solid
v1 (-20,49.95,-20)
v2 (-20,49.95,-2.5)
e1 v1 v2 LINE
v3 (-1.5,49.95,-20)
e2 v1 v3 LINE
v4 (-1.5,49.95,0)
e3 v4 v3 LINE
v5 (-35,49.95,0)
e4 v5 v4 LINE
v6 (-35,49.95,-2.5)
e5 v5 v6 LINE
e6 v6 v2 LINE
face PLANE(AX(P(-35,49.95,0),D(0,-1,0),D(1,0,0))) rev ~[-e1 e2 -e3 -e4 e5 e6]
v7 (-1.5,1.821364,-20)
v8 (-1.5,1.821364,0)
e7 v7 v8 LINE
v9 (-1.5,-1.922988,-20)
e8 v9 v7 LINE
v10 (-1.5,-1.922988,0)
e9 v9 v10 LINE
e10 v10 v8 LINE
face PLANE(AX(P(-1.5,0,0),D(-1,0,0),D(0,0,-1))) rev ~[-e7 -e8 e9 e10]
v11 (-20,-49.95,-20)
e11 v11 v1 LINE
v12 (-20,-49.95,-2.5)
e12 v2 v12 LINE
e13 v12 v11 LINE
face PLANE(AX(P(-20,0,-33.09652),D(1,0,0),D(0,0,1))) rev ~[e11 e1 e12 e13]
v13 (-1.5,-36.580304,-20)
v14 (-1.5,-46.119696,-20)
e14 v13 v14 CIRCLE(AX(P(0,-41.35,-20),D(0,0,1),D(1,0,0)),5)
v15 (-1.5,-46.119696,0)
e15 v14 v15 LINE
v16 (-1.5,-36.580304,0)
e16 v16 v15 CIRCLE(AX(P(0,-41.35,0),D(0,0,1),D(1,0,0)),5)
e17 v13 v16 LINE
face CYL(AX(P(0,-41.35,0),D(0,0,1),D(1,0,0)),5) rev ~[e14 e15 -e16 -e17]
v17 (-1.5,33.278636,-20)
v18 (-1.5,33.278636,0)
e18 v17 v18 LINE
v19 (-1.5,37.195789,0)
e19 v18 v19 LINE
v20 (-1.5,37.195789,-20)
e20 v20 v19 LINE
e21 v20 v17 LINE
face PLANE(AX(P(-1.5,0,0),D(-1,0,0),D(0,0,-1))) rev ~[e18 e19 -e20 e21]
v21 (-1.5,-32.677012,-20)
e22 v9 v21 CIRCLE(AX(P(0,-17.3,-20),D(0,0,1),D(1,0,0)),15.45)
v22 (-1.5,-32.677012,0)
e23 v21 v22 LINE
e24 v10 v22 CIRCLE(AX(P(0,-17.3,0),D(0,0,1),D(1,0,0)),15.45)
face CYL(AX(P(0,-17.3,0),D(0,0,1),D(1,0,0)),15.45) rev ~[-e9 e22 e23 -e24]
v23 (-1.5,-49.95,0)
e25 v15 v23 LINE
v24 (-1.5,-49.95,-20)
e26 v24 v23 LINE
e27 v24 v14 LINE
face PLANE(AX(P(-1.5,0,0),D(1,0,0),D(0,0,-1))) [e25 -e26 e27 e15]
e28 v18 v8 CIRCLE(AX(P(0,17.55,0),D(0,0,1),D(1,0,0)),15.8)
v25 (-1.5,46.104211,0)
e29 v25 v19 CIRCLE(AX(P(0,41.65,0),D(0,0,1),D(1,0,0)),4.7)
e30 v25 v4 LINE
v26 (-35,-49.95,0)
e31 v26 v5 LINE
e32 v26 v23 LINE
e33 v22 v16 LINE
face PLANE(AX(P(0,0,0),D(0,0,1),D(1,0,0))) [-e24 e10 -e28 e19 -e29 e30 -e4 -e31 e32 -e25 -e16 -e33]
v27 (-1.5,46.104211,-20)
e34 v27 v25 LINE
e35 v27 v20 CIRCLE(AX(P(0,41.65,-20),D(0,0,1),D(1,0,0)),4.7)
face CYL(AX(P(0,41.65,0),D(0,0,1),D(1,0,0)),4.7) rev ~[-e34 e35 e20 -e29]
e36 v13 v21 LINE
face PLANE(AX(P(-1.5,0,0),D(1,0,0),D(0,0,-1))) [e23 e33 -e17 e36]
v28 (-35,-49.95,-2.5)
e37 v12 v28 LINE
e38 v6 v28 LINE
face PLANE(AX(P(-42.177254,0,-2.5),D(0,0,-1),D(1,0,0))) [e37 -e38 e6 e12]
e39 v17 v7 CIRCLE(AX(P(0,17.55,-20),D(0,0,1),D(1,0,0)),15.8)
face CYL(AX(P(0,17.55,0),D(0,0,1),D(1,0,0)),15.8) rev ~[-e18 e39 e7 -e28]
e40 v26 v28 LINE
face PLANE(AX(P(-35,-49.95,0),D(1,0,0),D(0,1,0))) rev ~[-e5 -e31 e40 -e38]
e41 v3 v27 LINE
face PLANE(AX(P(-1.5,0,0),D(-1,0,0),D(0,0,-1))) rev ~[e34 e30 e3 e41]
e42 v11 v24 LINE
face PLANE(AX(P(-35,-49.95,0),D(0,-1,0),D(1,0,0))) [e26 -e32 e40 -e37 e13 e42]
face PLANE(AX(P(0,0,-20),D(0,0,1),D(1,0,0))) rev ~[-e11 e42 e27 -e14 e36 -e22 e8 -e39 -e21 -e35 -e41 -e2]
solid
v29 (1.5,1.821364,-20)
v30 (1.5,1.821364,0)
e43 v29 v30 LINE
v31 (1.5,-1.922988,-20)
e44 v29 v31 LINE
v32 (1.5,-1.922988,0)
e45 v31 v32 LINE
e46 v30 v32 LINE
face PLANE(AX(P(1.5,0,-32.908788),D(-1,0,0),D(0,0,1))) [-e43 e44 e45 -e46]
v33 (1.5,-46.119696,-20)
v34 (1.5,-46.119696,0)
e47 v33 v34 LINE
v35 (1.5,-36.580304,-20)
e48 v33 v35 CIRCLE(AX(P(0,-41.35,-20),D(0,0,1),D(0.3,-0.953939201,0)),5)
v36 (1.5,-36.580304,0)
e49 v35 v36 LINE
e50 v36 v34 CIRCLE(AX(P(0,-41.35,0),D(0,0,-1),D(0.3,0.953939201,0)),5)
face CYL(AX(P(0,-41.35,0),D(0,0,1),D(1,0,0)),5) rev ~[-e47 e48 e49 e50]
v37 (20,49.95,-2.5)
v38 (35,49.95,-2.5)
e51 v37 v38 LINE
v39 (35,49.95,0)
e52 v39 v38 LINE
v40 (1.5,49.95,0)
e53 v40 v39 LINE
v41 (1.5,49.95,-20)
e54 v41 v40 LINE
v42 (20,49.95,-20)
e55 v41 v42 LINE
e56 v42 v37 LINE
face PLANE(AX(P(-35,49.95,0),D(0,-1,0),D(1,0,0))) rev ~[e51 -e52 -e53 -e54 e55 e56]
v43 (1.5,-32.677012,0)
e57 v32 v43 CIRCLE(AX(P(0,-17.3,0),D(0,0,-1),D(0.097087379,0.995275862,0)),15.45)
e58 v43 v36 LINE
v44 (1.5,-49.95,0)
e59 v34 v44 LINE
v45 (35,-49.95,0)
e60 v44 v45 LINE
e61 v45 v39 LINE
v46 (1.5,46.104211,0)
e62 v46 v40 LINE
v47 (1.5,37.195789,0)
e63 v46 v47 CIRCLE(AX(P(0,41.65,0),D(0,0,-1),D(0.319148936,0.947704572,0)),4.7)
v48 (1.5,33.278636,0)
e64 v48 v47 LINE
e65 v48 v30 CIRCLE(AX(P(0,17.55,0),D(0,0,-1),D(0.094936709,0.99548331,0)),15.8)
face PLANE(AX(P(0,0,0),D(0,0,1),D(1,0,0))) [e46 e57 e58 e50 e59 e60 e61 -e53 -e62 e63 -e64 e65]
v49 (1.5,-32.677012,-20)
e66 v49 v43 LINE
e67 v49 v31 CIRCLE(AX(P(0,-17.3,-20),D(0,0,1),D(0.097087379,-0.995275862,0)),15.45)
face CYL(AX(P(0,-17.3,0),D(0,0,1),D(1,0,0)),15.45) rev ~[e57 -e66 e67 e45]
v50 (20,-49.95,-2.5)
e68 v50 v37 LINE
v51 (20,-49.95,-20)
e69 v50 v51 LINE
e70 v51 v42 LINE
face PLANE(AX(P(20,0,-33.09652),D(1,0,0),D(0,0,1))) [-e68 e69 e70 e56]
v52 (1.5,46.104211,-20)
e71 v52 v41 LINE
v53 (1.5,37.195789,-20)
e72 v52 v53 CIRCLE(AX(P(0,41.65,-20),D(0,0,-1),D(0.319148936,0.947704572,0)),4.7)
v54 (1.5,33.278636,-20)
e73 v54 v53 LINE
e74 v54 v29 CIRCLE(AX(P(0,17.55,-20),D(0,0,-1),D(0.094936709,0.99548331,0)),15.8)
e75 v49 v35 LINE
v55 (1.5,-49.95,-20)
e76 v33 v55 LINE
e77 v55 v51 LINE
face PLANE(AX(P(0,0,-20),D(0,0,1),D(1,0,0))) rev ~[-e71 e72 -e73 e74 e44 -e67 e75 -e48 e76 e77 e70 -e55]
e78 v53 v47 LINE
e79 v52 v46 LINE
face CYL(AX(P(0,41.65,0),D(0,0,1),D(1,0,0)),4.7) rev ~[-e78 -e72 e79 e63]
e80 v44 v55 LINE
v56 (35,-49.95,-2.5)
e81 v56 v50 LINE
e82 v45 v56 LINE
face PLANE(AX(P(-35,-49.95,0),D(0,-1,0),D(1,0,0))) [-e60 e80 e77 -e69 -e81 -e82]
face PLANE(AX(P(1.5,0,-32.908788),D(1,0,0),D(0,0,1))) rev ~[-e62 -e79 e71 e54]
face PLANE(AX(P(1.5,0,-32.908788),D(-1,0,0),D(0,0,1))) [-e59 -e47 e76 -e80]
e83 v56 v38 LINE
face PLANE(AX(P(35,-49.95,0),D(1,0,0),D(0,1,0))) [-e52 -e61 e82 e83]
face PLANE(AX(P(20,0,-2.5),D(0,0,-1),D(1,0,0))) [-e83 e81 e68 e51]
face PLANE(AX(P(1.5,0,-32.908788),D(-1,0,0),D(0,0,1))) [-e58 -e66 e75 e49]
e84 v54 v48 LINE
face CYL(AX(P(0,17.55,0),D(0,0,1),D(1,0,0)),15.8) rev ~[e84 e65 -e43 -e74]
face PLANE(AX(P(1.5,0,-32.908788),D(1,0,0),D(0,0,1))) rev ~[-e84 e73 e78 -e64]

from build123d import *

# Parameters (mm, degrees)
F0_W          = 70
F0_H          = 99.9
F0_R          = 5
F0_R_2        = 15.45
F0_R_3        = 15.8
F0_R_4        = 4.7
F1_DEPTH      = 20
F2_W          = 22.177255
F2_H          = 30.59652
F3_DEPTH      = 49.951
F3_DEPTH_BACK = 49.951


with BuildPart() as f1:
    # F0 (on Top) → F1 (new body)
    with BuildSketch(Plane.XY):
        Rectangle(F0_W, F0_H)
        with Locations((0, -41.35)):
            Circle(F0_R, mode=Mode.SUBTRACT)
        with Locations((0, -17.3)):
            Circle(F0_R_2, mode=Mode.SUBTRACT)
        with Locations((0, 17.55)):
            Circle(F0_R_3, mode=Mode.SUBTRACT)
        with Locations((0, 41.65)):
            Circle(F0_R_4, mode=Mode.SUBTRACT)
    extrude(amount=-F1_DEPTH)

    # F2 (on Front) → F3 (cut, two sides)
    with BuildSketch(Plane.XZ) as f3_sk:
        Polygon((1.5, 0), (0, 0), (0, -32.908788), (1.5, -32.908788), (1.5, -5), align=None)
        Polygon((0, -32.908788), (0, 0), (-1.5, 0), (-1.5, -5), (-1.5, -32.908788), align=None)
        with Locations((31.088627, -17.79826)):
            Rectangle(F2_W, F2_H)
        with Locations((-31.088627, -17.79826)):
            Rectangle(F2_W, F2_H)
    extrude(amount=F3_DEPTH, mode=Mode.SUBTRACT)
    extrude(f3_sk.sketch, amount=-F3_DEPTH_BACK, mode=Mode.SUBTRACT)


solid = f1.part
